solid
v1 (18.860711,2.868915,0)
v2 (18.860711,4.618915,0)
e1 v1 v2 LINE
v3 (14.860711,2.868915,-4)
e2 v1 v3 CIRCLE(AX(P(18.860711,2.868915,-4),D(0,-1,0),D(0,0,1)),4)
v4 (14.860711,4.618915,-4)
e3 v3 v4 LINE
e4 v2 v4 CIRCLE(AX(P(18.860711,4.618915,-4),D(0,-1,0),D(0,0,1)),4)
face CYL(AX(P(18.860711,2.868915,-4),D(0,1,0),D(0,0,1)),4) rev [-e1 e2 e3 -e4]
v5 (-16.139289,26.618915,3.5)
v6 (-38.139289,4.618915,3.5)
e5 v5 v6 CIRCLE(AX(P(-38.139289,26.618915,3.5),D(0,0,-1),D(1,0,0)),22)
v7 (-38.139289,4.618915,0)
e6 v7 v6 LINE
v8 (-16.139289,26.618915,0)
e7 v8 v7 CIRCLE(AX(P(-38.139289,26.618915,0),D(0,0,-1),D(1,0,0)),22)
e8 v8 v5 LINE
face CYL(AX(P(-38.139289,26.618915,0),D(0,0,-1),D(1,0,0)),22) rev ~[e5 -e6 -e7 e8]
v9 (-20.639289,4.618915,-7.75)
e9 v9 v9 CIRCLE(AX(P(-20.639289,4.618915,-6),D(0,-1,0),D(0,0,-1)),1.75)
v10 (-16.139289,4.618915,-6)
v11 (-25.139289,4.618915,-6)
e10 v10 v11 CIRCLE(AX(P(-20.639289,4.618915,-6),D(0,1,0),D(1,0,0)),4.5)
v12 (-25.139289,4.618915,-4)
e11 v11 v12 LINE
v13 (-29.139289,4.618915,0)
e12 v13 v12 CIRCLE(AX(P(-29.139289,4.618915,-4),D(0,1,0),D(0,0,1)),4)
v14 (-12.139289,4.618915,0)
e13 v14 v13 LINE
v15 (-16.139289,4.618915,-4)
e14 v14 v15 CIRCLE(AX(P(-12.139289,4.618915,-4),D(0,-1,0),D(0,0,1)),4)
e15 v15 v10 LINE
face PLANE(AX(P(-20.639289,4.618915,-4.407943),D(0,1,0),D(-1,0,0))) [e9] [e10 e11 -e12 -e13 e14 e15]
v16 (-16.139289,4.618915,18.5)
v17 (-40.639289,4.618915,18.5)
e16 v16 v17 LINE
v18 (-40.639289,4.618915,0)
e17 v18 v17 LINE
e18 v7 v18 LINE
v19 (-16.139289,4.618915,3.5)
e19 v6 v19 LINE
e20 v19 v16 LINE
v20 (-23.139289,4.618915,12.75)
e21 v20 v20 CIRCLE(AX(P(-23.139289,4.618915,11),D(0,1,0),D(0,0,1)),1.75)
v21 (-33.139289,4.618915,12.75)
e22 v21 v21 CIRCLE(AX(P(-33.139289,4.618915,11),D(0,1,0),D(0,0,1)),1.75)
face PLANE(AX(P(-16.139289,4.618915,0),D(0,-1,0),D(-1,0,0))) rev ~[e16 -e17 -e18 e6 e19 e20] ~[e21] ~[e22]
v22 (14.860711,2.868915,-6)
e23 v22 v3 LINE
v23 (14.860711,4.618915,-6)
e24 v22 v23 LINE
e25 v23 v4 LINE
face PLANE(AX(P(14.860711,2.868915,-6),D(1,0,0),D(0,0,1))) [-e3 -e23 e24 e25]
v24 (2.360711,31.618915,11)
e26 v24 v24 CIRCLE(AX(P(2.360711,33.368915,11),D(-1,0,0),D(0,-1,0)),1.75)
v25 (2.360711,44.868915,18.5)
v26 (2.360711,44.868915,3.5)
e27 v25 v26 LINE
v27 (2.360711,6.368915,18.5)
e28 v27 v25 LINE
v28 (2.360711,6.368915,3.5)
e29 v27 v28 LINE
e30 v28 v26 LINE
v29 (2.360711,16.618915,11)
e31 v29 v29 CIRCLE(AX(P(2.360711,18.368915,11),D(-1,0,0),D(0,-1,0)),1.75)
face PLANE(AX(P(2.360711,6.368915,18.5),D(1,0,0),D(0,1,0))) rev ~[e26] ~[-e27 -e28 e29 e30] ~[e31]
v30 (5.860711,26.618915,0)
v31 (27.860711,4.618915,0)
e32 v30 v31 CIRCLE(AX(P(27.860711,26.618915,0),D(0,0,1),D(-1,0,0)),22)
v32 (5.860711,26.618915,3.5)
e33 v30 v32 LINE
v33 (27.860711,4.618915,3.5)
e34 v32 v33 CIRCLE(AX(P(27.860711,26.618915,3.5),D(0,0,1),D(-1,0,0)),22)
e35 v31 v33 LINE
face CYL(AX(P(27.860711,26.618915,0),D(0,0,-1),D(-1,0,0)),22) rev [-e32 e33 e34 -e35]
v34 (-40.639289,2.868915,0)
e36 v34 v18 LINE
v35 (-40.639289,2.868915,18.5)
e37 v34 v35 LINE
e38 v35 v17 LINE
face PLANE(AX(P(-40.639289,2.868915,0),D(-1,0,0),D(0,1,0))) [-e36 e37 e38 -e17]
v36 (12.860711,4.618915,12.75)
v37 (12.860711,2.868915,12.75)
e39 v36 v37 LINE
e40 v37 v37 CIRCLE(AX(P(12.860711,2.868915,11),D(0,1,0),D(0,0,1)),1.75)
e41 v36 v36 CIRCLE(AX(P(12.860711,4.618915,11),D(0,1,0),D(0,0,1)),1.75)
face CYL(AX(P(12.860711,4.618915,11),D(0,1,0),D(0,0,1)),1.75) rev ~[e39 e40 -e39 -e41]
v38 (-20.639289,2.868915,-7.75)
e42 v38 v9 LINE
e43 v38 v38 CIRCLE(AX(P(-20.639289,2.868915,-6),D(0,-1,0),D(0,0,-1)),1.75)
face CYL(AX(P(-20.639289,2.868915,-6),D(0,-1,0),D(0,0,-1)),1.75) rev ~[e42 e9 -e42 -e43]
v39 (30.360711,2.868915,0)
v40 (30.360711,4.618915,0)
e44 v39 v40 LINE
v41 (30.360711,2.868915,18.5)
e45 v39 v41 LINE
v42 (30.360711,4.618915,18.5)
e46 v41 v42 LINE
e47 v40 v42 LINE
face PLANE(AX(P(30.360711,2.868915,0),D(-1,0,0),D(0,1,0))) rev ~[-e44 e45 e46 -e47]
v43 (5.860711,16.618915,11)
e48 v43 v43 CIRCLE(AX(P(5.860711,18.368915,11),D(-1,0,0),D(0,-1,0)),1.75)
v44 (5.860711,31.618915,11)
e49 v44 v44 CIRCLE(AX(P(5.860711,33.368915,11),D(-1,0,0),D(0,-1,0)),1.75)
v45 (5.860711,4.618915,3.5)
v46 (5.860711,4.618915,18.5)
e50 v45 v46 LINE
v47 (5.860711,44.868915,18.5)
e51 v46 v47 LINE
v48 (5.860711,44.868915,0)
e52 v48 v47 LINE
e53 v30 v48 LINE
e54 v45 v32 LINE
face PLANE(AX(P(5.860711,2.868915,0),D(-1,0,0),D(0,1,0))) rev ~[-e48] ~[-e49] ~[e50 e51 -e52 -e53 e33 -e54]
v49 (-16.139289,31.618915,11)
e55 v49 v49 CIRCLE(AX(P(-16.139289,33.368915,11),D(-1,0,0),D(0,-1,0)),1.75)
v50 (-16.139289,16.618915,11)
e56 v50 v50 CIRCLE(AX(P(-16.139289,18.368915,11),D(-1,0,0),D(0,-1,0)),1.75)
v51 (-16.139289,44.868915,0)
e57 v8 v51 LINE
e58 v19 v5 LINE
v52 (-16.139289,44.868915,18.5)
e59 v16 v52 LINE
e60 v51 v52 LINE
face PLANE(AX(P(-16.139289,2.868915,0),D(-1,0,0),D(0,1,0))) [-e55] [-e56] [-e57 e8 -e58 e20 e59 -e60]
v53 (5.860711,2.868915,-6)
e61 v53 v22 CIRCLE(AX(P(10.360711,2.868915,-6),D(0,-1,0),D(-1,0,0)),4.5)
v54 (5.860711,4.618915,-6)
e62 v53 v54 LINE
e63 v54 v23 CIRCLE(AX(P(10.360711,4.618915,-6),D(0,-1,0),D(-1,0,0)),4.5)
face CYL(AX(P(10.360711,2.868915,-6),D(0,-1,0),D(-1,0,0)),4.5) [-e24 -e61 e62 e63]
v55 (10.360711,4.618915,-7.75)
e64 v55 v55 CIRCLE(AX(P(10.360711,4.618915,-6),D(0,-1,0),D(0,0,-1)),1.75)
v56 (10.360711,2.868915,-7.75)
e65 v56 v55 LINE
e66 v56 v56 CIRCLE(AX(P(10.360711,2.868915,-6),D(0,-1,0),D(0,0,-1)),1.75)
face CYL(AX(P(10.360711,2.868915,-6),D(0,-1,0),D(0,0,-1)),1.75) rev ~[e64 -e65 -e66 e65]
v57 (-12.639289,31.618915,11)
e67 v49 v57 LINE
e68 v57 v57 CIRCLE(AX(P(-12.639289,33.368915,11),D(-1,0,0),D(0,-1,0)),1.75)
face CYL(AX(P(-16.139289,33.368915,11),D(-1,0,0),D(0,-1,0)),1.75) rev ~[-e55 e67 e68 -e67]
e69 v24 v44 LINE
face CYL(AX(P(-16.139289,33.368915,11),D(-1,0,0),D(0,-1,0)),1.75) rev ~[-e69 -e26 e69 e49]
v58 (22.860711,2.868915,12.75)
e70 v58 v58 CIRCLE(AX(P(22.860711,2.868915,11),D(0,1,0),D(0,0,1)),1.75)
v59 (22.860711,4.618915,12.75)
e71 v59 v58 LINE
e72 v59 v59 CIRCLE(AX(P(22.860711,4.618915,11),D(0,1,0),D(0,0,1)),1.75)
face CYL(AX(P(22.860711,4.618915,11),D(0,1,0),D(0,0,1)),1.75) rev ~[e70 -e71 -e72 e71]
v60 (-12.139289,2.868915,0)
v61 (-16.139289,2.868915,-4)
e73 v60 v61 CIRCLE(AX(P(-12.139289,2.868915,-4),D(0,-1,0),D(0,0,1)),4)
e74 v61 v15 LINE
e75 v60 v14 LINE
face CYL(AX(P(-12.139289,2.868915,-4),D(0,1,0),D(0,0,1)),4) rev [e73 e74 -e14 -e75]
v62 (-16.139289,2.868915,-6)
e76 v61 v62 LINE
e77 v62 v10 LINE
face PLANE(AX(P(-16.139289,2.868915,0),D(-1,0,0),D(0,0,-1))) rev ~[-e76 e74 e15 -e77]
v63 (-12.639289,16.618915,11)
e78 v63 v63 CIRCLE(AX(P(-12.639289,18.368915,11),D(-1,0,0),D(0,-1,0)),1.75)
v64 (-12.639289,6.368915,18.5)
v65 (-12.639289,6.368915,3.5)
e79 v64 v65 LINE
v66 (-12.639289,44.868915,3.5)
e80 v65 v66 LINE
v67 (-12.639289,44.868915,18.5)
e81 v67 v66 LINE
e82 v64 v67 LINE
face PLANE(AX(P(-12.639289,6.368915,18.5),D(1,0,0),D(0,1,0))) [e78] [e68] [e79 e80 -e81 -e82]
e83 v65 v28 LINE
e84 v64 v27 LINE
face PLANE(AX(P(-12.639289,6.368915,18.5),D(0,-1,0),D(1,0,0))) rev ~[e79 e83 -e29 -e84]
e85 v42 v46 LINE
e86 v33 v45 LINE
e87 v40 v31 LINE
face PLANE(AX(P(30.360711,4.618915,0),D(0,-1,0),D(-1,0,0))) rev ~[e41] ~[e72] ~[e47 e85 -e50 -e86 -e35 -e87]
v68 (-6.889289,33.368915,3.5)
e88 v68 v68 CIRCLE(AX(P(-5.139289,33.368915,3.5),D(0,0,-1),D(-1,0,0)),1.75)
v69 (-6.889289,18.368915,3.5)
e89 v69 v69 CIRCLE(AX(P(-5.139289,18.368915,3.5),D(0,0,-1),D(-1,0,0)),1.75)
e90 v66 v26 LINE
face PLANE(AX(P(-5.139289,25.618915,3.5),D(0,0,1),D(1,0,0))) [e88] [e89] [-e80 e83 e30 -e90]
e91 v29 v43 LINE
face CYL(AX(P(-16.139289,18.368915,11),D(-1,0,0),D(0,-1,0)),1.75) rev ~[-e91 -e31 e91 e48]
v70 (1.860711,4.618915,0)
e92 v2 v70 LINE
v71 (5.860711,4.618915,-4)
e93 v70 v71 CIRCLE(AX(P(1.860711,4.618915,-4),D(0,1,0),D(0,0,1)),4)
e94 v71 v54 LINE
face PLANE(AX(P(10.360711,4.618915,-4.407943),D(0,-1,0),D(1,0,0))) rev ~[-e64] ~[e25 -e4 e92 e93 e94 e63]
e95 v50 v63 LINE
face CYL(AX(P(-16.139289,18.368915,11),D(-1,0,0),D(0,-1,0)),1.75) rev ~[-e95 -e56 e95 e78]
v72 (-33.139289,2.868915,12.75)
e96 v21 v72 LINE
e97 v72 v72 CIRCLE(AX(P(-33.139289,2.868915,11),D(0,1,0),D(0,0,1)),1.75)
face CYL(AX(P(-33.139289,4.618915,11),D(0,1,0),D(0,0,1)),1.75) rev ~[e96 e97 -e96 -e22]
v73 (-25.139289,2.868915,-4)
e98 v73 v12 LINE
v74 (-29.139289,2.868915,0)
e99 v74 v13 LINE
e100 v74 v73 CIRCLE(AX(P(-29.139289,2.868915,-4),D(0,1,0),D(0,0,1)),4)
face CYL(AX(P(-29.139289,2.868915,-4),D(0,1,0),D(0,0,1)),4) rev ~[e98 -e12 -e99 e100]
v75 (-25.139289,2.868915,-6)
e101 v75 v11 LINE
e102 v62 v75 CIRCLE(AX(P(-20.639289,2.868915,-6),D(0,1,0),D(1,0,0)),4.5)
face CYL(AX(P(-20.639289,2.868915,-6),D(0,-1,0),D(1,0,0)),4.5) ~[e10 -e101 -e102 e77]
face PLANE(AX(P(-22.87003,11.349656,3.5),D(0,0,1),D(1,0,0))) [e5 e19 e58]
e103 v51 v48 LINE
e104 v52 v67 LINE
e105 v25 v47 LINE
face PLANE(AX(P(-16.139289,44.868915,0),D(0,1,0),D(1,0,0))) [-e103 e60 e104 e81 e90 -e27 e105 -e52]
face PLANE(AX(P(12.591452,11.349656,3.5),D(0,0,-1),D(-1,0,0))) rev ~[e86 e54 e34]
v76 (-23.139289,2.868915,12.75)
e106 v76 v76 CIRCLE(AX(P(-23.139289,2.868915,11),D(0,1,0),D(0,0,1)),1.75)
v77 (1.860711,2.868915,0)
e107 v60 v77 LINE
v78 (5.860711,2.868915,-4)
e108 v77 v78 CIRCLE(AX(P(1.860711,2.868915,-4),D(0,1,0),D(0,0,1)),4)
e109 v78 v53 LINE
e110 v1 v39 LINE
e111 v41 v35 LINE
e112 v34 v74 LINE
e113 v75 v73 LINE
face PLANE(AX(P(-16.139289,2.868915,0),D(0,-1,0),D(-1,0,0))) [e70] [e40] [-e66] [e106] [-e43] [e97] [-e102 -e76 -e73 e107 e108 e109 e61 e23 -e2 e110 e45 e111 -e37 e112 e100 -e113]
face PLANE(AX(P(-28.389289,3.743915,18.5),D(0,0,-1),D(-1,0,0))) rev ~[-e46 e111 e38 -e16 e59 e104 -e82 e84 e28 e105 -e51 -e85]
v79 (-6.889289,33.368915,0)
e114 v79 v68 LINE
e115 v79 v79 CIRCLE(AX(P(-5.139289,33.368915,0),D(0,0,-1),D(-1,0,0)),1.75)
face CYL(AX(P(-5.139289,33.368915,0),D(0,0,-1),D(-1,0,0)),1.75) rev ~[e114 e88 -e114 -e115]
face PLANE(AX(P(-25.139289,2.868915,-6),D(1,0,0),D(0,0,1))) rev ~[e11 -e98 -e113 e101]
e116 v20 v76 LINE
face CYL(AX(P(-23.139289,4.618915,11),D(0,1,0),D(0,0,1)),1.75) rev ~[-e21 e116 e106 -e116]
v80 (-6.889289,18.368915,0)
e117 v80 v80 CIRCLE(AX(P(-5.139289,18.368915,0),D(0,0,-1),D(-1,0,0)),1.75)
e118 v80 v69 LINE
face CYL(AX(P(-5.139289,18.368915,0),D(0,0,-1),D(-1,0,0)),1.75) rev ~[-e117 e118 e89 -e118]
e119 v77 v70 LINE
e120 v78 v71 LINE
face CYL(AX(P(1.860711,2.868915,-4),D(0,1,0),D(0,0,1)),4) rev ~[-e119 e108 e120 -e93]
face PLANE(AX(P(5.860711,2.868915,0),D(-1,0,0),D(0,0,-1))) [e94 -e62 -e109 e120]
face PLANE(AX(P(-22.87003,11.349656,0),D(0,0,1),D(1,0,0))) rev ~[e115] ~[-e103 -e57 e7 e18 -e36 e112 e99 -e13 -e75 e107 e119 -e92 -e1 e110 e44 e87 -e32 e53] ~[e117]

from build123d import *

# Parameters (mm, degrees)
SKETCH1_W           = 22
SKETCH1_H           = 42
BOSS_EXTRUDE1_DEPTH = 18.5
SKETCH2_W           = 15
SKETCH2_H           = 38.5
CUT_EXTRUDE1_DEPTH  = 15
SKETCH3_W           = 24.5
SKETCH3_H           = 1.75
BOSS_EXTRUDE2_DEPTH = 18.5
BOSS_EXTRUDE3_DEPTH = 3.5
SKETCH5_R           = 1.75
BOSS_EXTRUDE4_DEPTH = 1.75
SKETCH6_R           = 1.75
CUT_EXTRUDE2_DEPTH  = 10
FILLET1_R           = 4
SKETCH7_R           = 1.75
CUT_EXTRUDE3_DEPTH  = 28
SKETCH8_R           = 1.75
CUT_EXTRUDE4_DEPTH  = 28


with BuildPart() as part:
    # Sketch1 → Boss-Extrude1 (new body)
    with BuildSketch(Plane.XY):
        with Locations((-5.139289452, 23.868914656)):
            Rectangle(SKETCH1_W, SKETCH1_H)
    extrude(amount=BOSS_EXTRUDE1_DEPTH)

    # Sketch2 → Cut-Extrude1 (cut)
    with BuildSketch(Plane.XY.offset(18.5)):
        with Locations((-5.139289452, 25.618914656)):
            Rectangle(SKETCH2_W, SKETCH2_H)
    extrude(amount=-CUT_EXTRUDE1_DEPTH, mode=Mode.SUBTRACT)

    # Sketch3 → Boss-Extrude2 (add)
    with BuildSketch(Plane(origin=(0, 0, 0), x_dir=(-1, 0, 0), z_dir=(0, 0, -1))):
        with Locations((28.389289452, 3.743914656)):
            Rectangle(SKETCH3_W, SKETCH3_H)
        with Locations((-18.110710548, 3.743914656)):
            Rectangle(SKETCH3_W, SKETCH3_H)
    extrude(amount=-BOSS_EXTRUDE2_DEPTH)

    # Sketch4 → Boss-Extrude3 (add)
    with BuildSketch(Plane(origin=(0, 0, 0), x_dir=(-1, 0, 0), z_dir=(0, 0, -1))):
        with BuildLine():
            Line((38.139289452, 4.618914656), (16.139289452, 4.618914656))
            Line((16.139289452, 4.618914656), (16.139289452, 26.618914656))
            ThreePointArc((16.139289452, 26.618914656), (22.582940266, 11.06256547), (38.139289452, 4.618914656))
        make_face()
        with BuildLine():
            Line((-27.860710548, 4.618914656), (-5.860710548, 4.618914656))
            Line((-5.860710548, 4.618914656), (-5.860710548, 26.618914656))
            ThreePointArc((-5.860710548, 26.618914656), (-12.304361361, 11.06256547), (-27.860710548, 4.618914656))
        make_face()
    extrude(amount=-BOSS_EXTRUDE3_DEPTH)

    # Sketch5 → Boss-Extrude4 (add)
    # profile 1 of 2: a face of its own
    with BuildSketch(Plane.XZ.offset(-2.868914656)):
        with BuildLine():
            Line((14.860710548, -6), (14.860710548, 0))
            Line((14.860710548, 0), (5.860710548, 0))
            Line((5.860710548, 0), (5.860710548, -6))
            ThreePointArc((5.860710548, -6), (10.360710548, -10.5), (14.860710548, -6))
        make_face()
        with Locations(Location((10.360710548, -6, 0), (0, 0, 270))):
            Circle(SKETCH5_R, mode=Mode.SUBTRACT)
    # profile 2 of 2: a face of its own
    with BuildSketch(Plane.XZ.offset(-2.868914656)):
        with BuildLine():
            Line((-25.139289452, -6), (-25.139289452, 0))
            Line((-25.139289452, 0), (-16.139289452, 0))
            Line((-16.139289452, 0), (-16.139289452, -6))
            ThreePointArc((-16.139289452, -6), (-20.639289452, -10.5), (-25.139289452, -6))
        make_face()
        with Locations(Location((-20.639289452, -6, 0), (0, 0, 270))):
            Circle(SKETCH5_R, mode=Mode.SUBTRACT)
    extrude(amount=-BOSS_EXTRUDE4_DEPTH)

    # Sketch6 → Cut-Extrude2 (cut)
    with BuildSketch(Plane(origin=(0, 4.618914656, 0), x_dir=(1, 0, 0), z_dir=(0, 1, 0))):
        with Locations(Location((22.860710548, -11, 0), (0, 0, 270))):
            Circle(SKETCH6_R)
        with Locations(Location((-33.139289452, -11, 0), (0, 0, 270))):
            Circle(SKETCH6_R)
        with Locations(Location((12.860710548, -11, 0), (0, 0, 270))):
            Circle(SKETCH6_R)
        with Locations(Location((-23.139289452, -11, 0), (0, 0, 270))):
            Circle(SKETCH6_R)
    extrude(amount=-CUT_EXTRUDE2_DEPTH, mode=Mode.SUBTRACT)

    # Fillet1
    fillet1_edges = [part.edges().sort_by_distance(p)[0] for p in [
        (14.860710548, 3.743914656, 0),
        (5.860710548, 3.743914656, 0),
        (-25.139289452, 3.743914656, 0),
        (-16.139289452, 3.743914656, 0),
    ]]
    fillet(fillet1_edges, radius=FILLET1_R)

    # Sketch7 → Cut-Extrude3 (cut)
    with BuildSketch(Plane.ZY.offset(16.139289452)):
        with Locations(Location((11, 33.368914656, 0), (0, 0, 270))):
            Circle(SKETCH7_R)
        with Locations(Location((11, 18.368914656, 0), (0, 0, 270))):
            Circle(SKETCH7_R)
    extrude(amount=-CUT_EXTRUDE3_DEPTH, mode=Mode.SUBTRACT)

    # Sketch8 → Cut-Extrude4 (cut)
    with BuildSketch(Plane(origin=(0, 0, 0), x_dir=(-1, 0, 0), z_dir=(0, 0, -1))):
        with Locations((5.139289452, 33.368914656)):
            Circle(SKETCH8_R)
        with Locations((5.139289452, 18.368914656)):
            Circle(SKETCH8_R)
    extrude(amount=-CUT_EXTRUDE4_DEPTH, mode=Mode.SUBTRACT)


solid = part.part
